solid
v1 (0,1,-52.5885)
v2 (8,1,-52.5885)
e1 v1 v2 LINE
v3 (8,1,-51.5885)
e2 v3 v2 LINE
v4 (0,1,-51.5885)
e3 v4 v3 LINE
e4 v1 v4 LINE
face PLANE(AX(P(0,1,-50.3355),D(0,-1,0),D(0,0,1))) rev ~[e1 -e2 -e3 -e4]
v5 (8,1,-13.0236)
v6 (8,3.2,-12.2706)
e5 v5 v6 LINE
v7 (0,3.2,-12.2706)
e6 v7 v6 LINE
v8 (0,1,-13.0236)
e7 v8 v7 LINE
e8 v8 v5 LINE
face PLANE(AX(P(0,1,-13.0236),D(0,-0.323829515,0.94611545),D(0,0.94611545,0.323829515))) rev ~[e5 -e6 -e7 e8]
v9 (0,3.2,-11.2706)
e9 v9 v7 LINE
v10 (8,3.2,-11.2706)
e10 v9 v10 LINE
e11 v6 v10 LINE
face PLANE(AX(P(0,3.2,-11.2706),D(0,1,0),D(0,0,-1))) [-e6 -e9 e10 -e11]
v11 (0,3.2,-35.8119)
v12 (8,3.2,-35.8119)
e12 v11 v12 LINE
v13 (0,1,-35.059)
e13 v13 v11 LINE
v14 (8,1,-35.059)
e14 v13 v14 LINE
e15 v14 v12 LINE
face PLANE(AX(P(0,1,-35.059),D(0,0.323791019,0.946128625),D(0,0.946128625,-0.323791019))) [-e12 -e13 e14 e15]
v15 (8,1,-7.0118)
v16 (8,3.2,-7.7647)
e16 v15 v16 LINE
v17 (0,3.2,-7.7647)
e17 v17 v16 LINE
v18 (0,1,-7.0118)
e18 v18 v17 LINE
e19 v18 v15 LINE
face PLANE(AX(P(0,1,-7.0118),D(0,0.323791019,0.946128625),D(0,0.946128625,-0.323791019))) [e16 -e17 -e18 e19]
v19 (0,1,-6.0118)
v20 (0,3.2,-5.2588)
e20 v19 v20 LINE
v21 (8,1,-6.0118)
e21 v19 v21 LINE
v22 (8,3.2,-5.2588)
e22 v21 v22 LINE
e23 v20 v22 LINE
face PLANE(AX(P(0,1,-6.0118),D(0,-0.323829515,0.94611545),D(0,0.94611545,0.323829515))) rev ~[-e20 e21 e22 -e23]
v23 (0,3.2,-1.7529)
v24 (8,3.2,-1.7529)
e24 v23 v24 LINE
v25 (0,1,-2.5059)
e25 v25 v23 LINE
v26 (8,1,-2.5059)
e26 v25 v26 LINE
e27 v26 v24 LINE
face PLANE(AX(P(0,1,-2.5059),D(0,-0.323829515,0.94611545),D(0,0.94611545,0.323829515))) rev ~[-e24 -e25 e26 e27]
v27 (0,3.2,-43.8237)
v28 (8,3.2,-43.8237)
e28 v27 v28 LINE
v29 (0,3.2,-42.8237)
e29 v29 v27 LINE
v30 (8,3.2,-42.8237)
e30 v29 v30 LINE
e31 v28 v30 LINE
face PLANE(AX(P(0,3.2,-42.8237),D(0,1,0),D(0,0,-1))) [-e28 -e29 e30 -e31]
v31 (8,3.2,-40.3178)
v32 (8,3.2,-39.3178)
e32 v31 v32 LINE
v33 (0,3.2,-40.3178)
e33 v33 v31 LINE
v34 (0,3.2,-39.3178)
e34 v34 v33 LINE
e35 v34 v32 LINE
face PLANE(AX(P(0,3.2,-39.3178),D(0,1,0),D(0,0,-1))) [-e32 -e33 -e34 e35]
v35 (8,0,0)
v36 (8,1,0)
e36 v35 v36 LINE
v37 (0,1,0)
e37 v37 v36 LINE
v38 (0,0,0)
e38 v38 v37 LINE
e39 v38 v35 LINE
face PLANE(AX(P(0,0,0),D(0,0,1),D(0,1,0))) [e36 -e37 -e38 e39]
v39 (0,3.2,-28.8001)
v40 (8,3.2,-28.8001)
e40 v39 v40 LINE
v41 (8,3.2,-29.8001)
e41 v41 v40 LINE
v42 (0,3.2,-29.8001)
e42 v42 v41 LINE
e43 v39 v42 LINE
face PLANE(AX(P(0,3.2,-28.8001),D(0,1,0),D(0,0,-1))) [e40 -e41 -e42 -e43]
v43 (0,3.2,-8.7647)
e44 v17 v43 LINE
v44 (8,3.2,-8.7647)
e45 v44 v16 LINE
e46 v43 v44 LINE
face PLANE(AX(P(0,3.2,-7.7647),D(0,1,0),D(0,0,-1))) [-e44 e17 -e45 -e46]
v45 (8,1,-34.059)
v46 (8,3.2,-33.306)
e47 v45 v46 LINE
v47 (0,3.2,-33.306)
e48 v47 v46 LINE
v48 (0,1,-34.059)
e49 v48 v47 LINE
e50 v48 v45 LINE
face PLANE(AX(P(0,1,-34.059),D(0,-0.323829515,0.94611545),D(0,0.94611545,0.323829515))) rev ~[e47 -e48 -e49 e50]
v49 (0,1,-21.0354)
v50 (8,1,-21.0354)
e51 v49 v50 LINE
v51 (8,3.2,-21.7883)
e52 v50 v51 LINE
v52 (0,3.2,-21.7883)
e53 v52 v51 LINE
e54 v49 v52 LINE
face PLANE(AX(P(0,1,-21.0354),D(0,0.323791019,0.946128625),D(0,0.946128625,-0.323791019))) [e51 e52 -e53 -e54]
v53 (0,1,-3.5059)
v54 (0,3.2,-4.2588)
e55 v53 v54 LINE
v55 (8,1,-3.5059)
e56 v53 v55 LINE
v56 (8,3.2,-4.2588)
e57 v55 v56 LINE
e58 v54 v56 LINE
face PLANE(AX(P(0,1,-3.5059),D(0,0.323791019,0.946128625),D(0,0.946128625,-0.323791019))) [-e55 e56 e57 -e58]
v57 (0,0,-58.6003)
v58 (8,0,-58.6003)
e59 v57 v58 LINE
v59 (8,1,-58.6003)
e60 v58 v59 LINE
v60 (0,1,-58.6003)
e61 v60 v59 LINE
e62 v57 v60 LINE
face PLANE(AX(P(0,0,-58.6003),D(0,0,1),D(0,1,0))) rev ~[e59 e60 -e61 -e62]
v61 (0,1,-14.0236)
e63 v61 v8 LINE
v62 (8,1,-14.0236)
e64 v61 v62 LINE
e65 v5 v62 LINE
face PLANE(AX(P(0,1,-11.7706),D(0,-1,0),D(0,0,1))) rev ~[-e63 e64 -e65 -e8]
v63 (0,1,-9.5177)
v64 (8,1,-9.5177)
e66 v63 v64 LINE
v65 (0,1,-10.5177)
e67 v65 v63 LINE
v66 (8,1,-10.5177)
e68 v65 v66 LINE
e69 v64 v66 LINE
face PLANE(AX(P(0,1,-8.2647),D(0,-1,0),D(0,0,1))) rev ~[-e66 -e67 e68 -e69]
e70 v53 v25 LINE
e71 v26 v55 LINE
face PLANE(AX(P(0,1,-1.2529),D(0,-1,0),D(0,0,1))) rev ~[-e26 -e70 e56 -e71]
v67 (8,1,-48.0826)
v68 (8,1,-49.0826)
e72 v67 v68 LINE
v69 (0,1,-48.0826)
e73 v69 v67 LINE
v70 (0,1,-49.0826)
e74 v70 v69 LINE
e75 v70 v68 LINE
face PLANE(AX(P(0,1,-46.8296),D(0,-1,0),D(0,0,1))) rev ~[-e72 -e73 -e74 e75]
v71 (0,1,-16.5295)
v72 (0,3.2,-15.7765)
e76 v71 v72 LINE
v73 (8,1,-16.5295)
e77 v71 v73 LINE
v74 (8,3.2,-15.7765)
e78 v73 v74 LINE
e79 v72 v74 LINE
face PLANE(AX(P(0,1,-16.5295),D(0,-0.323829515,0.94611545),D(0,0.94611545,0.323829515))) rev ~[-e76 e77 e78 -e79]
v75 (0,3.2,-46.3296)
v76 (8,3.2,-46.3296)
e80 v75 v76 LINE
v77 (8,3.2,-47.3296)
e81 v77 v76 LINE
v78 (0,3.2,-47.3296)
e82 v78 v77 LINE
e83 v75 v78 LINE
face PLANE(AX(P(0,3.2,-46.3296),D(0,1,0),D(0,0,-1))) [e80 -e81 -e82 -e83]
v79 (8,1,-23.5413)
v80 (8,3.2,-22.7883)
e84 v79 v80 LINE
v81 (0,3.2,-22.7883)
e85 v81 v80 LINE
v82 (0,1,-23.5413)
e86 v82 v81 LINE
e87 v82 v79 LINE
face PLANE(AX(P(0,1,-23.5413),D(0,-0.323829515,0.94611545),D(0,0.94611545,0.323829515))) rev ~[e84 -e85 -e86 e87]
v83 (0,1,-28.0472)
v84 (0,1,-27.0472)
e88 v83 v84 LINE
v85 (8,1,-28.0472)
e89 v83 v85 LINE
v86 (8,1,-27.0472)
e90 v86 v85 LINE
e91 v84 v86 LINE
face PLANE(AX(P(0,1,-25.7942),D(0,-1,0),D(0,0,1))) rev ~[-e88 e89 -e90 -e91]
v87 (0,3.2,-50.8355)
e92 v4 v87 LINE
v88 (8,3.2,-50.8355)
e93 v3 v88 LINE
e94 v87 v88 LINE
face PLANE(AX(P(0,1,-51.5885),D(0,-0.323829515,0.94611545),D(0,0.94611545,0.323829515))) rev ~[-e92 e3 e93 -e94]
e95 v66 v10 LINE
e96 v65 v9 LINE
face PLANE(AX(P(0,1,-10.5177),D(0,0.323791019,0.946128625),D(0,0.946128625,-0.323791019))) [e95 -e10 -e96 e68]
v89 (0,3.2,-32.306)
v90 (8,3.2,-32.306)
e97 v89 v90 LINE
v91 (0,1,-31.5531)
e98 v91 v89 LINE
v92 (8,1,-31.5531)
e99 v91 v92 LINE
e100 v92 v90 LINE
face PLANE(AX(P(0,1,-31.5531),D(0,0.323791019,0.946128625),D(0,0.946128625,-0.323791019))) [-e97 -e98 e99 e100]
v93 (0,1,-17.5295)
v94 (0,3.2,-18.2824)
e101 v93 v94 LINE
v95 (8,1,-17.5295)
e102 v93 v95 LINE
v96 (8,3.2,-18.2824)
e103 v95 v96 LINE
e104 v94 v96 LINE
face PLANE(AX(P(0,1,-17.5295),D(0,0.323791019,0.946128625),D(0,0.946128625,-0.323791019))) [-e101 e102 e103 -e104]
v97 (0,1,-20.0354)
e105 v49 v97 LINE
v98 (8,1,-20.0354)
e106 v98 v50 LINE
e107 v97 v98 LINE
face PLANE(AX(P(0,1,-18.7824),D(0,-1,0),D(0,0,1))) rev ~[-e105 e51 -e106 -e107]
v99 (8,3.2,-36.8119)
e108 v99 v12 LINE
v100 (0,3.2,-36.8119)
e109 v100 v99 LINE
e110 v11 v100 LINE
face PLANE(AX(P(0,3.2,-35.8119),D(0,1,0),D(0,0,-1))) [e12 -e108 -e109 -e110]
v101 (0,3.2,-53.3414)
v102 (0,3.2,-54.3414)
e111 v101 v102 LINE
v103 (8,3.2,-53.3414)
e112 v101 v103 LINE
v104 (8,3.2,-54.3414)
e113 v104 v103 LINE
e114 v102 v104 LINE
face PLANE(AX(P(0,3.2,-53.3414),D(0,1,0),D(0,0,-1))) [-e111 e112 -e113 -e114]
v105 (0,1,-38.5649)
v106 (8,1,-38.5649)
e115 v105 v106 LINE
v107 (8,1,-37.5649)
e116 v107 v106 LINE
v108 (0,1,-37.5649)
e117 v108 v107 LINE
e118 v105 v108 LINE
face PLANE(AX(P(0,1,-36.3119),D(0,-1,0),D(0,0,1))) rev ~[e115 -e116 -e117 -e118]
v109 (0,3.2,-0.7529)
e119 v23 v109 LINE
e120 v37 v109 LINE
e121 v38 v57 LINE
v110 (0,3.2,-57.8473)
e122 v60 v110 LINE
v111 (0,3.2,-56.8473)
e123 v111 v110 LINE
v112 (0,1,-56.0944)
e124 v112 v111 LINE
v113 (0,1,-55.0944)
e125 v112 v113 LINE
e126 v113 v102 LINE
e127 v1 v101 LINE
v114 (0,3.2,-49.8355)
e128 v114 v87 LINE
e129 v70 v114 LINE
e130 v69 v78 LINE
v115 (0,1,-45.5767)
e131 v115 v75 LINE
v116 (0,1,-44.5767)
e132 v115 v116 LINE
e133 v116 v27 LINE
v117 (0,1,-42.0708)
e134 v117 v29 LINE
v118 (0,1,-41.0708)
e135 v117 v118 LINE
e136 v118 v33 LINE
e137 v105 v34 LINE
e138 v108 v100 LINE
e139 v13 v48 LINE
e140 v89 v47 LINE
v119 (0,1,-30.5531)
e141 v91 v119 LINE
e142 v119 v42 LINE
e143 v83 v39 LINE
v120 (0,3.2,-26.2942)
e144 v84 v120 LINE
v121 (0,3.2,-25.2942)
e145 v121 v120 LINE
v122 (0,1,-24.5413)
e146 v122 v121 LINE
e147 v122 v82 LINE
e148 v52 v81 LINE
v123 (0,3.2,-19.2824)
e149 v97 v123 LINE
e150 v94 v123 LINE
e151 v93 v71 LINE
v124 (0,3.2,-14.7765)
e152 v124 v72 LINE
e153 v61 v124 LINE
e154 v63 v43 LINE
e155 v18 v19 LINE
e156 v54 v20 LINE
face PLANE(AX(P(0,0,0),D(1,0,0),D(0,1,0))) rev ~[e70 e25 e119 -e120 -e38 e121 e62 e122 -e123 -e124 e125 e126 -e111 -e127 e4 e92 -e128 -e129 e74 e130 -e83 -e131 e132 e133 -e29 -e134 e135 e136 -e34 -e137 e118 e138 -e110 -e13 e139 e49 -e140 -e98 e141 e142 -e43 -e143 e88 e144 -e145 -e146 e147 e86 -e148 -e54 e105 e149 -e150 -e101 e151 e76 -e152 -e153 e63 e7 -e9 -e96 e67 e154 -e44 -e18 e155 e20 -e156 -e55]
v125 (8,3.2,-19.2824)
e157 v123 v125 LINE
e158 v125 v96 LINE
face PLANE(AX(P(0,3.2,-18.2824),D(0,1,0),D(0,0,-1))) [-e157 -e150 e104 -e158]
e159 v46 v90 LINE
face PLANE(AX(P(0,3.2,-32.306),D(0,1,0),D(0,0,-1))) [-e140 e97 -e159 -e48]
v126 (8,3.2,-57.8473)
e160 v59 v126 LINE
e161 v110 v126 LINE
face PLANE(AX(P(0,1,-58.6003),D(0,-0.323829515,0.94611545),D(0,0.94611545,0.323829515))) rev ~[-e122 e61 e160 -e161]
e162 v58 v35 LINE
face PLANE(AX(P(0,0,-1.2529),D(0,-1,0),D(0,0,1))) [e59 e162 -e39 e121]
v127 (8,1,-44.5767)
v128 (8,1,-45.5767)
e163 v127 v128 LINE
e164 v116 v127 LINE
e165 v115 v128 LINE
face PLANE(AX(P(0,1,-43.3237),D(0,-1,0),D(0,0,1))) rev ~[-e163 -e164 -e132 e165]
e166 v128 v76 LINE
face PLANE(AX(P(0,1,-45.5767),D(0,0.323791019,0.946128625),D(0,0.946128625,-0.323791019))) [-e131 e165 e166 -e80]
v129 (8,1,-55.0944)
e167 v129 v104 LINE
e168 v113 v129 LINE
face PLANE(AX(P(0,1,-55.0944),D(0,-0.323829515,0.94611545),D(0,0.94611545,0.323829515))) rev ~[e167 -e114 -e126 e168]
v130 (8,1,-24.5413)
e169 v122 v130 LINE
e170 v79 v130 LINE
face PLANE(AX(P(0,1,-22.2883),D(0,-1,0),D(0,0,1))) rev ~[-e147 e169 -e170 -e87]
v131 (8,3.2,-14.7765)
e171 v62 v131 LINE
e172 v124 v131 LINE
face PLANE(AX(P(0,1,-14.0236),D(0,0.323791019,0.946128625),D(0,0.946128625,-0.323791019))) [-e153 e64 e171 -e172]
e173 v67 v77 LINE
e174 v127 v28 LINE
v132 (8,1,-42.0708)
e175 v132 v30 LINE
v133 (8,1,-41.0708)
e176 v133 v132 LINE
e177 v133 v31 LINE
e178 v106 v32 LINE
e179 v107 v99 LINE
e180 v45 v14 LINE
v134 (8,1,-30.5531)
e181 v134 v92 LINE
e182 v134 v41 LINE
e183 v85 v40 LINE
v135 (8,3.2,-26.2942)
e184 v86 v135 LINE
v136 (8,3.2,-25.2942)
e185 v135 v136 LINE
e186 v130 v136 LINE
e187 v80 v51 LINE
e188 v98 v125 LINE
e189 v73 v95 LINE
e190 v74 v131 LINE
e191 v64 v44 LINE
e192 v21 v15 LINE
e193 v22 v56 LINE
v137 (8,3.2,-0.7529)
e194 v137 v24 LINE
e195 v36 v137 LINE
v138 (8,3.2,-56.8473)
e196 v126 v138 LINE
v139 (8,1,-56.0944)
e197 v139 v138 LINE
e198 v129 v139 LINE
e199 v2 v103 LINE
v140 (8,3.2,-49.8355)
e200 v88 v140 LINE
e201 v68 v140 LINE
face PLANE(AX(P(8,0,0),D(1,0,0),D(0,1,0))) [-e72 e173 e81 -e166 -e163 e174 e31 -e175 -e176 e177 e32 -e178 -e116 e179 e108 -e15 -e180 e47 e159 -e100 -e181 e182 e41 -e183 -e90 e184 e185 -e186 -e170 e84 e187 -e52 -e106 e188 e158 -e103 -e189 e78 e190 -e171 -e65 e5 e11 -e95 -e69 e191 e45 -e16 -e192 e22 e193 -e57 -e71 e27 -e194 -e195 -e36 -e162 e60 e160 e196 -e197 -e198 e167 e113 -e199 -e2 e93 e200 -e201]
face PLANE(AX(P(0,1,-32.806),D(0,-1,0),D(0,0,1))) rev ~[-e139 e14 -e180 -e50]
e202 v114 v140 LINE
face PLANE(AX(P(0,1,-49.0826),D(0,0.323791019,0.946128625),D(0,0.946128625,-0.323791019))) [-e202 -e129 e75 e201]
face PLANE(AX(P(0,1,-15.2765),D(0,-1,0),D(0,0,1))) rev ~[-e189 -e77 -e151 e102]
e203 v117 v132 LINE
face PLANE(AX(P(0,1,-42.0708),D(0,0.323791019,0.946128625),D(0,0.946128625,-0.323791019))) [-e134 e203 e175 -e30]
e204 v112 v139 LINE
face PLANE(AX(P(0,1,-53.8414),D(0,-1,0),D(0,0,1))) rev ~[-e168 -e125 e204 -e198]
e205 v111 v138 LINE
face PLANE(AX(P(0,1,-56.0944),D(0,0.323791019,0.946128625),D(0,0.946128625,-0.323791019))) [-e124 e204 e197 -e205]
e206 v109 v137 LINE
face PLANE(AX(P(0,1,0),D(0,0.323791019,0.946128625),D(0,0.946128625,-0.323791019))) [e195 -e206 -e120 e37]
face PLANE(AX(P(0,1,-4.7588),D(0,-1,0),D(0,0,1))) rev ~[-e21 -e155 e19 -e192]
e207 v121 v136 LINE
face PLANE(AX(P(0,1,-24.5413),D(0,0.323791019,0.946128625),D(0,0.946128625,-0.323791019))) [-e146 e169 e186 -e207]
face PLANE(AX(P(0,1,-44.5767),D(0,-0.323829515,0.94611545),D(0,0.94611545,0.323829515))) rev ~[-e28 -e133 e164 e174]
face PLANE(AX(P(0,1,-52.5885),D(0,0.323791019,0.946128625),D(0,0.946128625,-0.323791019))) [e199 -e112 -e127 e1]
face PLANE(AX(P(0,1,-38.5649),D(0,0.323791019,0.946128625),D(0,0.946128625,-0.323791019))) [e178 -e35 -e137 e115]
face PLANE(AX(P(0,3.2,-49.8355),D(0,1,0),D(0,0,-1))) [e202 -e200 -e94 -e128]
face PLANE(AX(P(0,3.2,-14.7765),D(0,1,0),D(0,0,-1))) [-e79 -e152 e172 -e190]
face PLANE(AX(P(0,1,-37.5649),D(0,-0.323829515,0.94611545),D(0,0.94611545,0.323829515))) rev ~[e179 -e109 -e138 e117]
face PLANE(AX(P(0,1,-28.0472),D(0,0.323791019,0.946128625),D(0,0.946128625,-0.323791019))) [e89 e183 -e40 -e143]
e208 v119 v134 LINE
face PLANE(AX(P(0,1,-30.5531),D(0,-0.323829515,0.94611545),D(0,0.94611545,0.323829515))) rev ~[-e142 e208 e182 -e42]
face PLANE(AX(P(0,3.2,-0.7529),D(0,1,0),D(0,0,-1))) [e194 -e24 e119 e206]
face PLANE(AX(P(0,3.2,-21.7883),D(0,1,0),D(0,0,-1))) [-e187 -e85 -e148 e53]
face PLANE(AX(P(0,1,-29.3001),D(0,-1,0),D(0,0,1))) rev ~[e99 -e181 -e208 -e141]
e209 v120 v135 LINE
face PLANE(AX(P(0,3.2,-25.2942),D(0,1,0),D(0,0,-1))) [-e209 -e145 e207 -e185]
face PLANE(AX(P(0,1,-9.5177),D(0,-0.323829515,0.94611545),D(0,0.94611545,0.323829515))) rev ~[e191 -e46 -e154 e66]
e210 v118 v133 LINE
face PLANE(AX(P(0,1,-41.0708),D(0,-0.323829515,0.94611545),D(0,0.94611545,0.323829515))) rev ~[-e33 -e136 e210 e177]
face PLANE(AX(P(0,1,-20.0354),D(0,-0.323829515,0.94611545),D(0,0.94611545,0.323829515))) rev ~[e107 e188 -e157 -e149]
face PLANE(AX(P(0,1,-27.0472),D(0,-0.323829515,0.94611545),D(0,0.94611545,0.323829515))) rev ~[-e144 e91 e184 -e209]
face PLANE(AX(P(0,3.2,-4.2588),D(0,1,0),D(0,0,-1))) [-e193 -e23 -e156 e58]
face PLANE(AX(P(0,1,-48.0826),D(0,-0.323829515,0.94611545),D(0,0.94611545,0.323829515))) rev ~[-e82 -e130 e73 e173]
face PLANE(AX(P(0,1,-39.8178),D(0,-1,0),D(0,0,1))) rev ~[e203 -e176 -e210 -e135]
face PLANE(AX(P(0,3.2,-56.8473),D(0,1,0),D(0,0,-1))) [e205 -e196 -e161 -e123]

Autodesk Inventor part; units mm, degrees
ref_plane "YZ Plane" through (0, 0, 0) normal (1, 0, 0) x (0, 1, 0)
ref_plane "XZ Plane" through (0, 0, 0) normal (0, 1, 0) x (-1, 0, 0)
ref_plane "XY Plane" through (0, 0, 0) normal (0, 0, 1) x (1, 0, 0)
sketch "Sketch1" plane through (0, 0, 0) normal (1, 0, 0) x (0, 1, 0)
  line L0 (0, 0) -> (1, 0)
  line L1 (1, 0) -> (3.2, -0.7529)
  line L2 (3.2, -0.7529) -> (3.2, -1.2529)
  line L3 (3.2, -1.2529) -> (0, -1.2529)
  line L4 (0, -1.2529) -> (0, 0)
  line L5 (0, -2.5059) -> (1, -2.5059)
  line L6 (1, -2.5059) -> (3.2, -1.7529)
  line L7 (3.2, -1.7529) -> (3.2, -1.2529)
  line L8 (0, -1.2529) -> (0, -2.5059)
  line L9 (1, -2.5059) -> (1, -3.0059)
  line L10 (1, -3.0059) -> (0, -3.0059)
  line L11 (0, -3.0059) -> (0, -2.5059)
  line L12 (0, -6.0118) -> (1, -6.0118)
  line L13 (1, -6.0118) -> (3.2, -5.2588)
  line L14 (3.2, -5.2588) -> (3.2, -4.7588)
  line L15 (0, -4.7588) -> (0, -6.0118)
  line L16 (3.2, -4.2588) -> (3.2, -4.7588)
  line L17 (1, -3.5059) -> (3.2, -4.2588)
  line L18 (0, -4.7588) -> (0, -3.5059)
  line L19 (1, -3.5059) -> (1, -3.0059)
  line L20 (0, -3.0059) -> (0, -3.5059)
  line L21 (1, -2.5059) -> (1, 0)
  dimension "d1" = 1
  dimension "d2" = 1
  dimension "d3" = 1
  dimension "d4" = 2.2
  dimension "d10" = 3.5059
extrude "Extrusion2" add sketch "Sketch1" along normal blind 8 contours L0 L21 L3 L4 | L3 L21 L5 L8 | L5 L9 L10 L11 | L10 L19 L17 L16 L14 L13 L12 L15 L18 L20
extrude "Extrusion3" add sketch "Sketch1" along normal up to surface (8 mm away) contours L1 L2 L3 L21 | L3 L7 L6 L21
pattern_linear "Rectangular Pattern1" count 16 spacing 3.5059 along (0, 0, -1) of "Extrusion2"
equation "\"d15\" = d10"
properties part number "bolt-rack"
